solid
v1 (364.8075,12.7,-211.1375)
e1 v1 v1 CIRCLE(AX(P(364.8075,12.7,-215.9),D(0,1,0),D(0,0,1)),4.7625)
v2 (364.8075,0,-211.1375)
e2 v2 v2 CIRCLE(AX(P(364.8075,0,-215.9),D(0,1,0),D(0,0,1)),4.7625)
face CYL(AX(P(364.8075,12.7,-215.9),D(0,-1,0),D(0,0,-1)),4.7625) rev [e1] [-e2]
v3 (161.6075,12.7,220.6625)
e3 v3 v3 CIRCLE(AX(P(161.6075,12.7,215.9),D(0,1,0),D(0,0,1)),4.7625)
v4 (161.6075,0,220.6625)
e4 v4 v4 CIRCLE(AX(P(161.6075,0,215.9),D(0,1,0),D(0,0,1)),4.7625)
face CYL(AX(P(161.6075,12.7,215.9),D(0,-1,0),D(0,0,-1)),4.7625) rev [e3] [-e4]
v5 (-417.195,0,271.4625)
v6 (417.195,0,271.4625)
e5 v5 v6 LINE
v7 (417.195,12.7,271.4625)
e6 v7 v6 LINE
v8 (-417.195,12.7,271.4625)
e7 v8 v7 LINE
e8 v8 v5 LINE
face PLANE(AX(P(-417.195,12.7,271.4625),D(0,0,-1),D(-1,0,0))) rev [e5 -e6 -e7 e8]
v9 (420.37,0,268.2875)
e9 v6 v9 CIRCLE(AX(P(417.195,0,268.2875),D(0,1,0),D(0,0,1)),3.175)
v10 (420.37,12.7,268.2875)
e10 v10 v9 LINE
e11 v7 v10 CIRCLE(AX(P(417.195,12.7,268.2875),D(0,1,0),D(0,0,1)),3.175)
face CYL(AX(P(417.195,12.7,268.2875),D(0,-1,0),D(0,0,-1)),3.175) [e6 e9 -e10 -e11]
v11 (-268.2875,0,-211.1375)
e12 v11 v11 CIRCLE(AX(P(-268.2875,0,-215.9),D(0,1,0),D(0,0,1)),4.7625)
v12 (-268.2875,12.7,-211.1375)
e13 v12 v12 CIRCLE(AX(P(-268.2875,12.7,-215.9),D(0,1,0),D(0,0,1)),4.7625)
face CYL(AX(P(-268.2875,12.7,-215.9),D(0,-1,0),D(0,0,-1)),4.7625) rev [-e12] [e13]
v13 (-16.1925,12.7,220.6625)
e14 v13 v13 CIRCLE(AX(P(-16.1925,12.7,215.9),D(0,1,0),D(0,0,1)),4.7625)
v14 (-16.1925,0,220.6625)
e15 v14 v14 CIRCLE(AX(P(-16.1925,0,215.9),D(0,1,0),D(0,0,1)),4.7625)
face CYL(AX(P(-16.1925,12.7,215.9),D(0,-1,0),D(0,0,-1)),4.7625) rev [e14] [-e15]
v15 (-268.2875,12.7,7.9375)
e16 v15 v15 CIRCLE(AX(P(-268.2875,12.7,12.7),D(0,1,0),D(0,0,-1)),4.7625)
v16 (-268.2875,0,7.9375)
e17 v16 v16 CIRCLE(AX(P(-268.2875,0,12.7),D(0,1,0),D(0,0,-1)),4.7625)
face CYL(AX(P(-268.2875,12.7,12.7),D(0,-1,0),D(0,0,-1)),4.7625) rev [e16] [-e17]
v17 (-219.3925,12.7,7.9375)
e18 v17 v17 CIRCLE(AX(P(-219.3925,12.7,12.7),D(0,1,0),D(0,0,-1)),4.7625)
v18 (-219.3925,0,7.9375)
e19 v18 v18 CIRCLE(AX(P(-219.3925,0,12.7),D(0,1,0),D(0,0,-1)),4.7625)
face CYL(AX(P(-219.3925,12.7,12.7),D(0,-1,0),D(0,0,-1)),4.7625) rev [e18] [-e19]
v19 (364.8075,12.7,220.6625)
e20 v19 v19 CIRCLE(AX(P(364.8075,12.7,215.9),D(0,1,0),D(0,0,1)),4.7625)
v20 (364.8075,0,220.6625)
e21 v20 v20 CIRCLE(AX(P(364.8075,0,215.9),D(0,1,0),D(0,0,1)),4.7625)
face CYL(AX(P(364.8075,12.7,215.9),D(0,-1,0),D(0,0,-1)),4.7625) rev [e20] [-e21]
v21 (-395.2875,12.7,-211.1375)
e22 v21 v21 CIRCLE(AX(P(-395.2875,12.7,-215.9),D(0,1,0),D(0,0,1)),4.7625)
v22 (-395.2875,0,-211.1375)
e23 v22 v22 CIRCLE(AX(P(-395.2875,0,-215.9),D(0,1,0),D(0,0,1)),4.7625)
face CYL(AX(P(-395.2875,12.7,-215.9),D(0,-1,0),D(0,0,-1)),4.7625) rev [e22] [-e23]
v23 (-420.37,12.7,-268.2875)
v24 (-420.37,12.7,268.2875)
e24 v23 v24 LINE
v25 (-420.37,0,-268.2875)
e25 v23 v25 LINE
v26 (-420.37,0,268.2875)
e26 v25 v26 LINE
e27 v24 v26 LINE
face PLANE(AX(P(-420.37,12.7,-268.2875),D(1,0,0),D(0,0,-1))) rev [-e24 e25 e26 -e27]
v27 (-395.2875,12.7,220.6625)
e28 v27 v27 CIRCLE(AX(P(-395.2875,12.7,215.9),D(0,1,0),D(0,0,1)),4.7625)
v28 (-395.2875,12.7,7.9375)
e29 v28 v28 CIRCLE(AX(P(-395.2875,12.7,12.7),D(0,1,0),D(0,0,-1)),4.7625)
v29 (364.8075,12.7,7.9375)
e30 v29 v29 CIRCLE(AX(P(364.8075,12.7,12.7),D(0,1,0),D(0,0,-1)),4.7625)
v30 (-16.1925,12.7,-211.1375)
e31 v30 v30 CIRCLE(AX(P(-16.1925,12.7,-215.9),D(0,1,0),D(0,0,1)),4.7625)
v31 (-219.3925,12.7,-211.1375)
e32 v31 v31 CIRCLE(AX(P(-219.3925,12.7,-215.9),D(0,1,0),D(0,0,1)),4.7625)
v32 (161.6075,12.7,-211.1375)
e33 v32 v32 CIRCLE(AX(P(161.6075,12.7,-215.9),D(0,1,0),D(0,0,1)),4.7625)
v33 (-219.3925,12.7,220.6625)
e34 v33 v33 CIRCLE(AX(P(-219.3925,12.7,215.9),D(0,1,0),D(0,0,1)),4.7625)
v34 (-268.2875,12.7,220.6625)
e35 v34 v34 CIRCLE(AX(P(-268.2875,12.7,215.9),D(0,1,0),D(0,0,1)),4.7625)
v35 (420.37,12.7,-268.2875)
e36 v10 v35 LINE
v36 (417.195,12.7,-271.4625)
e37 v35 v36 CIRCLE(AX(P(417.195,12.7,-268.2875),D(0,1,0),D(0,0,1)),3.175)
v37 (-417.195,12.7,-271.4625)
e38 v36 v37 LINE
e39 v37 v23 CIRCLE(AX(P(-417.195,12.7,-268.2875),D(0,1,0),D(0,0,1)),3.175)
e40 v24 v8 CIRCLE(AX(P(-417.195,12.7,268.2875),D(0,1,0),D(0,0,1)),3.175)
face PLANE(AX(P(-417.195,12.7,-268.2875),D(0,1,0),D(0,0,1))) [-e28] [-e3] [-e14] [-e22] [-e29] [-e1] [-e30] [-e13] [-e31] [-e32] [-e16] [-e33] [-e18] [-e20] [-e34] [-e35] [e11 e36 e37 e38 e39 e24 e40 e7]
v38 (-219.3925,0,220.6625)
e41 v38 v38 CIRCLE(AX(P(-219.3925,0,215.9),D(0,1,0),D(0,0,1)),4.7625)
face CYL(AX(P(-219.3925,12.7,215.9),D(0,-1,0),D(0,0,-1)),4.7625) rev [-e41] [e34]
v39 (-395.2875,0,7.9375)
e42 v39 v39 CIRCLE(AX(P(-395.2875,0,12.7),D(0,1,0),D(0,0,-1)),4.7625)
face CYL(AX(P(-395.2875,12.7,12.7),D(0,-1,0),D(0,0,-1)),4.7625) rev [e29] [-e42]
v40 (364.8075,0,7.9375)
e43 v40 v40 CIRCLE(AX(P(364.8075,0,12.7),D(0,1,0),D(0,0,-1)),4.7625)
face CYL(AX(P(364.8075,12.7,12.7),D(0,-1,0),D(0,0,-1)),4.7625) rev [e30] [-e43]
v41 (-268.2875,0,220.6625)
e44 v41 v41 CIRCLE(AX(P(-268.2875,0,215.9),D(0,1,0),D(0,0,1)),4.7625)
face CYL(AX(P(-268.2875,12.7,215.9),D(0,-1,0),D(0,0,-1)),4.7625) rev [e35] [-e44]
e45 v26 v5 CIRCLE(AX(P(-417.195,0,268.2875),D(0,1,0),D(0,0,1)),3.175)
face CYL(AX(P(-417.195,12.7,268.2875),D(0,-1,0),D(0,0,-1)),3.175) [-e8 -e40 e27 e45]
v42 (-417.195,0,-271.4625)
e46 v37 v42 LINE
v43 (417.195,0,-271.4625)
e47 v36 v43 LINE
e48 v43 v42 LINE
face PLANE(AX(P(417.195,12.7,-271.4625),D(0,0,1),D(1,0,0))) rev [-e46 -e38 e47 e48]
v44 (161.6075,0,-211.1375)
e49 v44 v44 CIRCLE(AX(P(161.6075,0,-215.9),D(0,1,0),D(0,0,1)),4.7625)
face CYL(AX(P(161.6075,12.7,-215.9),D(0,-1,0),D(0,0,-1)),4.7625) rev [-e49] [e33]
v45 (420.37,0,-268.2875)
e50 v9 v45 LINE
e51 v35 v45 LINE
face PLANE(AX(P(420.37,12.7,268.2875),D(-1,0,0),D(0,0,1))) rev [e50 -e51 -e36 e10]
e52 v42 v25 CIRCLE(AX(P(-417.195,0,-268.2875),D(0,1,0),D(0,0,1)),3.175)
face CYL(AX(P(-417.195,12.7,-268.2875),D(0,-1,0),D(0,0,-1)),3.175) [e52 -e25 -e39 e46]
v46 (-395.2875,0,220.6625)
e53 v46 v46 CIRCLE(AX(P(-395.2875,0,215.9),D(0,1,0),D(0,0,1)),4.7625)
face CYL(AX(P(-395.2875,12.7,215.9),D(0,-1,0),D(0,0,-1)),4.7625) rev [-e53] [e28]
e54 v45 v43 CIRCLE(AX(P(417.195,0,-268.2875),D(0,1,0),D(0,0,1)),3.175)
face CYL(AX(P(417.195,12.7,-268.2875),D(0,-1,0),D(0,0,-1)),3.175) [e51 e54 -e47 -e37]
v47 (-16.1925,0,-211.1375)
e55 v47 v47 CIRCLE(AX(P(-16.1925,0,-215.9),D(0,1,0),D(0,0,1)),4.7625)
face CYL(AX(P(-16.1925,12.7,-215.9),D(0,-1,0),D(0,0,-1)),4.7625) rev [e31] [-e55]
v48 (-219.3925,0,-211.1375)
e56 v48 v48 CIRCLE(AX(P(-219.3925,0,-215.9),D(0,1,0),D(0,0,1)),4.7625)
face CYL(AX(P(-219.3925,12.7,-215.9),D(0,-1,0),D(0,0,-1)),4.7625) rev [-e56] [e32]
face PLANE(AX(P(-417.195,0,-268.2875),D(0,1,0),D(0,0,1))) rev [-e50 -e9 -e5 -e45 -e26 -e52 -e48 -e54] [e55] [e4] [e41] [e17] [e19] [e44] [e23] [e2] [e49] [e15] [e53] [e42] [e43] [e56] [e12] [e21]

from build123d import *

# Parameters (mm, degrees)
SKETCH1_R           = 4.7625
BOSS_EXTRUDE1_DEPTH = 12.7


with BuildPart() as part:
    # Sketch1 → Boss-Extrude1 (new body)
    with BuildSketch(Plane(origin=(0, 0, 0), x_dir=(1, 0, 0), z_dir=(0, 1, 0))):
        with BuildLine():
            Line((-420.37, 268.2875), (-420.37, -268.2875))
            ThreePointArc((-420.37, -268.2875), (-419.44006403, -270.53256403), (-417.195, -271.4625))
            Line((-417.195, -271.4625), (417.195, -271.4625))
            ThreePointArc((417.195, -271.4625), (419.44006403, -270.53256403), (420.37, -268.2875))
            Line((420.37, -268.2875), (420.37, 268.2875))
            ThreePointArc((420.37, 268.2875), (419.44006403, 270.53256403), (417.195, 271.4625))
            Line((417.195, 271.4625), (-417.195, 271.4625))
            ThreePointArc((-417.195, 271.4625), (-419.44006403, 270.53256403), (-420.37, 268.2875))
        make_face()
        with Locations(Location((-16.1925, -215.9, 0), (0, 0, 270))):
            Circle(SKETCH1_R, mode=Mode.SUBTRACT)
        with Locations(Location((161.6075, -215.9, 0), (0, 0, 270))):
            Circle(SKETCH1_R, mode=Mode.SUBTRACT)
        with Locations(Location((161.6075, 215.9, 0), (0, 0, 270))):
            Circle(SKETCH1_R, mode=Mode.SUBTRACT)
        with Locations(Location((-16.1925, 215.9, 0), (0, 0, 270))):
            Circle(SKETCH1_R, mode=Mode.SUBTRACT)
        with Locations(Location((-268.2875, -215.9, 0), (0, 0, 270))):
            Circle(SKETCH1_R, mode=Mode.SUBTRACT)
        with Locations(Location((-395.2875, -215.9, 0), (0, 0, 270))):
            Circle(SKETCH1_R, mode=Mode.SUBTRACT)
        with Locations(Location((-268.2875, 215.9, 0), (0, 0, 270))):
            Circle(SKETCH1_R, mode=Mode.SUBTRACT)
        with Locations(Location((-395.2875, 215.9, 0), (0, 0, 270))):
            Circle(SKETCH1_R, mode=Mode.SUBTRACT)
        with Locations(Location((364.8075, -215.9, 0), (0, 0, 270))):
            Circle(SKETCH1_R, mode=Mode.SUBTRACT)
        with Locations(Location((-219.3925, -215.9, 0), (0, 0, 270))):
            Circle(SKETCH1_R, mode=Mode.SUBTRACT)
        with Locations(Location((364.8075, 215.9, 0), (0, 0, 270))):
            Circle(SKETCH1_R, mode=Mode.SUBTRACT)
        with Locations(Location((-219.3925, 215.9, 0), (0, 0, 270))):
            Circle(SKETCH1_R, mode=Mode.SUBTRACT)
        with Locations(Location((-219.3925, -12.7, 0), (0, 0, 90))):
            Circle(SKETCH1_R, mode=Mode.SUBTRACT)
        with Locations(Location((364.8075, -12.7, 0), (0, 0, 90))):
            Circle(SKETCH1_R, mode=Mode.SUBTRACT)
        with Locations(Location((-395.2875, -12.7, 0), (0, 0, 90))):
            Circle(SKETCH1_R, mode=Mode.SUBTRACT)
        with Locations(Location((-268.2875, -12.7, 0), (0, 0, 90))):
            Circle(SKETCH1_R, mode=Mode.SUBTRACT)
    extrude(amount=BOSS_EXTRUDE1_DEPTH)


solid = part.part
